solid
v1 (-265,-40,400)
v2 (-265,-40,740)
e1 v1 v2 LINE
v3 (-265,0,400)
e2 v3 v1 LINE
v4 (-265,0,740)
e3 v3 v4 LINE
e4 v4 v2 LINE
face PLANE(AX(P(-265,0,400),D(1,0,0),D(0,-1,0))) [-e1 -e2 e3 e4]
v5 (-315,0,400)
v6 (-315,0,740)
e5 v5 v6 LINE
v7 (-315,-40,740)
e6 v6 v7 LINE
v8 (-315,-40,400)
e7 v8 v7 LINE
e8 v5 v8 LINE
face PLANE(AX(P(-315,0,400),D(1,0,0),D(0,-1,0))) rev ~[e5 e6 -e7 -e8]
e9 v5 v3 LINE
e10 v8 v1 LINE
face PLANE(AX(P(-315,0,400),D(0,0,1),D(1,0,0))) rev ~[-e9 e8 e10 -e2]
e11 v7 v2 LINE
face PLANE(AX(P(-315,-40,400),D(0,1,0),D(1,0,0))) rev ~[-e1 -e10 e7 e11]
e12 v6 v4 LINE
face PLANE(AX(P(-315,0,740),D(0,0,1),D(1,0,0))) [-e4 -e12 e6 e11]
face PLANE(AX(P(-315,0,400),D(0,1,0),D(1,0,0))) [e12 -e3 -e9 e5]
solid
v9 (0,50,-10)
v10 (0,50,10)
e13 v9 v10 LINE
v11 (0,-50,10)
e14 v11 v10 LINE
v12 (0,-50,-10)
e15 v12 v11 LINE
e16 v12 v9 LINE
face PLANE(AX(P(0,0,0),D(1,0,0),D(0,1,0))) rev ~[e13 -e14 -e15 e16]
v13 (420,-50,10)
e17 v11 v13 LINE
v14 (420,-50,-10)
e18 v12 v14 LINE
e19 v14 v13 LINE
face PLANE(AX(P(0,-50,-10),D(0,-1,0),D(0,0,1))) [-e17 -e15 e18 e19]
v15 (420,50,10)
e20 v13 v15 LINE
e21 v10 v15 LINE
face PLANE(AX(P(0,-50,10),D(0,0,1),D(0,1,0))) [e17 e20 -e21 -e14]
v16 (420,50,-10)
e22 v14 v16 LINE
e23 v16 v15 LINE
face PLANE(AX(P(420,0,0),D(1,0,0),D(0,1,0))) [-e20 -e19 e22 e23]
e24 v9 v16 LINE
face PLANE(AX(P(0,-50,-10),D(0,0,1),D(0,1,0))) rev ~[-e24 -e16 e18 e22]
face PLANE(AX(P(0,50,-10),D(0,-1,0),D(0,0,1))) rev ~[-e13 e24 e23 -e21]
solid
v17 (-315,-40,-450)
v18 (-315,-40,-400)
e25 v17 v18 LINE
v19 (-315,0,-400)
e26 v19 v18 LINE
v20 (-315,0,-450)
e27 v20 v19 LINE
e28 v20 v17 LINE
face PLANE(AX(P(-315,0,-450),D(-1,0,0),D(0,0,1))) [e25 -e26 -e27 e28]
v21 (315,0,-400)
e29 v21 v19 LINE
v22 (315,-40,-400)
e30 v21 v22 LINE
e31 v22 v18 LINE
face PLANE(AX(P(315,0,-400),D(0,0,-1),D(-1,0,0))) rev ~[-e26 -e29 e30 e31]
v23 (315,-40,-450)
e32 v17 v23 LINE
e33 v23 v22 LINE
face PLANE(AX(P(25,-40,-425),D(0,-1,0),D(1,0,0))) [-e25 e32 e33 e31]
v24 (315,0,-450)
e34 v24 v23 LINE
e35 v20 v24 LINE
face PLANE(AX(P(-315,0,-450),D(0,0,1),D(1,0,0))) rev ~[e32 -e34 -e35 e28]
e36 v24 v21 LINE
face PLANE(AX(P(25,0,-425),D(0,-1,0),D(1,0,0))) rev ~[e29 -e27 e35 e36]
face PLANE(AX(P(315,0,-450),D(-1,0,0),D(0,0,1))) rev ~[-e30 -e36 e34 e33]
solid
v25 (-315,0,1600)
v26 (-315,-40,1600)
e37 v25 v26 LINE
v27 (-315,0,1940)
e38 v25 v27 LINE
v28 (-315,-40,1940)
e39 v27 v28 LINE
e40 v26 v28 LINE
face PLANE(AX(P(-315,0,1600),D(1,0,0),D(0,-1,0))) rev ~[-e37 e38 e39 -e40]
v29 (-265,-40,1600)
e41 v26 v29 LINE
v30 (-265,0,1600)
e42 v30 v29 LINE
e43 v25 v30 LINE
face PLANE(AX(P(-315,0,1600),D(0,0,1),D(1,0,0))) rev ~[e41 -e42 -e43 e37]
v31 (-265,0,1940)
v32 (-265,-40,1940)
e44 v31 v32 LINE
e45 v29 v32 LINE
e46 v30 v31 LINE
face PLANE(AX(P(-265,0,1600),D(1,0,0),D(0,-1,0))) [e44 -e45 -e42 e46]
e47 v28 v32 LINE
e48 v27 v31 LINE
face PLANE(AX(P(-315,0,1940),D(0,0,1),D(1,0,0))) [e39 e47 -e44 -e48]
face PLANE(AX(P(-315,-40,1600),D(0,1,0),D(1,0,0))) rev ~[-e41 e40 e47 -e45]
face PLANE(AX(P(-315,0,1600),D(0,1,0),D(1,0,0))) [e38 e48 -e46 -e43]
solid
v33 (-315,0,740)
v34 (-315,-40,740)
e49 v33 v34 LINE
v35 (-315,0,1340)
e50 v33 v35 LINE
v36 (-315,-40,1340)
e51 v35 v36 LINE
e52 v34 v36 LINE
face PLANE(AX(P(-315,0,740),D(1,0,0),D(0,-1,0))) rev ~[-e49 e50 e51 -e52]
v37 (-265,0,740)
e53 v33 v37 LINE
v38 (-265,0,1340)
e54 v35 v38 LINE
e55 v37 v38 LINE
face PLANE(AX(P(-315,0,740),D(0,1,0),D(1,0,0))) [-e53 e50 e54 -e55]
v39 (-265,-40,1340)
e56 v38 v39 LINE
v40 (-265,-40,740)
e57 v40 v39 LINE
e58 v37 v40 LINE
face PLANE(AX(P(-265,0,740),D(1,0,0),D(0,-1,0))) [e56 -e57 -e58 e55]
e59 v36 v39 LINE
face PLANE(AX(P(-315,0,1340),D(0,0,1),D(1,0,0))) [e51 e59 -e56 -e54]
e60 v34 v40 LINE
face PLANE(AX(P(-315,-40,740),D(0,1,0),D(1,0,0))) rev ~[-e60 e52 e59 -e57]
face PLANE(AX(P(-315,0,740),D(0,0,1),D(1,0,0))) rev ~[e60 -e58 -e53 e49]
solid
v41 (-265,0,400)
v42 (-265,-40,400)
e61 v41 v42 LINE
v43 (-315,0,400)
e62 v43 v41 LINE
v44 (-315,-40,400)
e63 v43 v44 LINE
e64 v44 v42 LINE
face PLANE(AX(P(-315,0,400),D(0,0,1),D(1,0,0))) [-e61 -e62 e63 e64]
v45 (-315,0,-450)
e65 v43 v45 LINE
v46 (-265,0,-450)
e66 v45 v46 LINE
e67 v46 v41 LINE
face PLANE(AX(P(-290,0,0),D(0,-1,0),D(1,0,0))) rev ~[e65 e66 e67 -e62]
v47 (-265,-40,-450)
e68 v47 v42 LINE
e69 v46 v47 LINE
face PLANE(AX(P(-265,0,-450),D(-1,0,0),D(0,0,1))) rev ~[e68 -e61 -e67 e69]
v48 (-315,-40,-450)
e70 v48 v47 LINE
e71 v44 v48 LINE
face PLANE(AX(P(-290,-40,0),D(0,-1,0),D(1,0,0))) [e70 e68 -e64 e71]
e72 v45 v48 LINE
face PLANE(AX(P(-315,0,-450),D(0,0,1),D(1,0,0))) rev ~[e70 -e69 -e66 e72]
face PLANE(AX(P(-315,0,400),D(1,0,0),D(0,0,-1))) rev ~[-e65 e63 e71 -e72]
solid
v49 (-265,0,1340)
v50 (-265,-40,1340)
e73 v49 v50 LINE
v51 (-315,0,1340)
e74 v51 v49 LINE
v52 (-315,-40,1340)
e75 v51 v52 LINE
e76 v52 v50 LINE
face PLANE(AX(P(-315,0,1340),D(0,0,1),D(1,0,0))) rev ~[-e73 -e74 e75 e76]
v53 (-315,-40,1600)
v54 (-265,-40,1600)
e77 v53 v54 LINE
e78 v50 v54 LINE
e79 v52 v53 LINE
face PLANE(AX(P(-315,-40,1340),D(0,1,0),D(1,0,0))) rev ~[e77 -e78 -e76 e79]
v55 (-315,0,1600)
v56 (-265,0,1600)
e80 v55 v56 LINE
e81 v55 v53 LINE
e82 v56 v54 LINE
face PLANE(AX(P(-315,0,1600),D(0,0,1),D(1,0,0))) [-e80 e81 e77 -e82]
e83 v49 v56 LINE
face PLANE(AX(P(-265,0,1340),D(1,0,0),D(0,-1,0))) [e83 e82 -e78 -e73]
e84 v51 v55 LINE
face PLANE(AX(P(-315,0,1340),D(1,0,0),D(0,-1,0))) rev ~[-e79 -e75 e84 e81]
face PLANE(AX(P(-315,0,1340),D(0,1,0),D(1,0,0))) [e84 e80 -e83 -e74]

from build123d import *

# Parameters (mm, degrees)
F0_W     = 50
F0_H     = 800
F0_H_2   = 50
F1_DEPTH = 40
F2_DEPTH = 40
F3_DEPTH = 340
F4_DEPTH = 600
F5_DEPTH = 260
F6_DEPTH = 340
F7_W     = 100
F7_H     = 20
F8_DEPTH = 420


with BuildPart() as f1:
    # F0 (on Front) → F1 (new body)
    with BuildSketch(Plane.XZ):
        with Locations((-290, 0)):
            Rectangle(F0_W, F0_H)
        with Locations((-290, -425)):
            Rectangle(F0_W, F0_H_2)
    extrude(amount=F1_DEPTH)


with BuildPart() as f2:
    # F0 (on Front) → F2 (new body)
    with BuildSketch(Plane.XZ):
        Polygon((315, -400), (265, -400), (-265, -400), (-265, -450), (315, -450), align=None)
        with Locations((-290, -425)):
            Rectangle(F0_W, F0_H_2)
    extrude(amount=F2_DEPTH)


with BuildPart() as f3:
    # F3 (new): a face of the model
    f3_faces = [f1.part.faces().sort_by_distance(p)[0] for p in [
        (-290, -20, 400),
    ]]
    extrude(f3_faces, amount=F3_DEPTH)


with BuildPart() as f4:
    # F4 (new): a face of the model
    f4_faces = [f3.part.faces().sort_by_distance(p)[0] for p in [
        (-290, -20, 740),
    ]]
    extrude(f4_faces, amount=F4_DEPTH)


with BuildPart() as f5:
    # F5 (new): a face of the model
    f5_faces = [f4.part.faces().sort_by_distance(p)[0] for p in [
        (-290, -20, 1340),
    ]]
    extrude(f5_faces, amount=F5_DEPTH)


with BuildPart() as f6:
    # F6 (new): a face of the model
    f6_faces = [f5.part.faces().sort_by_distance(p)[0] for p in [
        (-290, -20, 1600),
    ]]
    extrude(f6_faces, amount=F6_DEPTH)


with BuildPart() as f8:
    # F7 (on Right) → F8 (new body)
    with BuildSketch(Plane.YZ):
        Rectangle(F7_W, F7_H)
    extrude(amount=F8_DEPTH)


solid = Compound([f1.part, f2.part, f3.part, f4.part, f5.part, f6.part, f8.part])
